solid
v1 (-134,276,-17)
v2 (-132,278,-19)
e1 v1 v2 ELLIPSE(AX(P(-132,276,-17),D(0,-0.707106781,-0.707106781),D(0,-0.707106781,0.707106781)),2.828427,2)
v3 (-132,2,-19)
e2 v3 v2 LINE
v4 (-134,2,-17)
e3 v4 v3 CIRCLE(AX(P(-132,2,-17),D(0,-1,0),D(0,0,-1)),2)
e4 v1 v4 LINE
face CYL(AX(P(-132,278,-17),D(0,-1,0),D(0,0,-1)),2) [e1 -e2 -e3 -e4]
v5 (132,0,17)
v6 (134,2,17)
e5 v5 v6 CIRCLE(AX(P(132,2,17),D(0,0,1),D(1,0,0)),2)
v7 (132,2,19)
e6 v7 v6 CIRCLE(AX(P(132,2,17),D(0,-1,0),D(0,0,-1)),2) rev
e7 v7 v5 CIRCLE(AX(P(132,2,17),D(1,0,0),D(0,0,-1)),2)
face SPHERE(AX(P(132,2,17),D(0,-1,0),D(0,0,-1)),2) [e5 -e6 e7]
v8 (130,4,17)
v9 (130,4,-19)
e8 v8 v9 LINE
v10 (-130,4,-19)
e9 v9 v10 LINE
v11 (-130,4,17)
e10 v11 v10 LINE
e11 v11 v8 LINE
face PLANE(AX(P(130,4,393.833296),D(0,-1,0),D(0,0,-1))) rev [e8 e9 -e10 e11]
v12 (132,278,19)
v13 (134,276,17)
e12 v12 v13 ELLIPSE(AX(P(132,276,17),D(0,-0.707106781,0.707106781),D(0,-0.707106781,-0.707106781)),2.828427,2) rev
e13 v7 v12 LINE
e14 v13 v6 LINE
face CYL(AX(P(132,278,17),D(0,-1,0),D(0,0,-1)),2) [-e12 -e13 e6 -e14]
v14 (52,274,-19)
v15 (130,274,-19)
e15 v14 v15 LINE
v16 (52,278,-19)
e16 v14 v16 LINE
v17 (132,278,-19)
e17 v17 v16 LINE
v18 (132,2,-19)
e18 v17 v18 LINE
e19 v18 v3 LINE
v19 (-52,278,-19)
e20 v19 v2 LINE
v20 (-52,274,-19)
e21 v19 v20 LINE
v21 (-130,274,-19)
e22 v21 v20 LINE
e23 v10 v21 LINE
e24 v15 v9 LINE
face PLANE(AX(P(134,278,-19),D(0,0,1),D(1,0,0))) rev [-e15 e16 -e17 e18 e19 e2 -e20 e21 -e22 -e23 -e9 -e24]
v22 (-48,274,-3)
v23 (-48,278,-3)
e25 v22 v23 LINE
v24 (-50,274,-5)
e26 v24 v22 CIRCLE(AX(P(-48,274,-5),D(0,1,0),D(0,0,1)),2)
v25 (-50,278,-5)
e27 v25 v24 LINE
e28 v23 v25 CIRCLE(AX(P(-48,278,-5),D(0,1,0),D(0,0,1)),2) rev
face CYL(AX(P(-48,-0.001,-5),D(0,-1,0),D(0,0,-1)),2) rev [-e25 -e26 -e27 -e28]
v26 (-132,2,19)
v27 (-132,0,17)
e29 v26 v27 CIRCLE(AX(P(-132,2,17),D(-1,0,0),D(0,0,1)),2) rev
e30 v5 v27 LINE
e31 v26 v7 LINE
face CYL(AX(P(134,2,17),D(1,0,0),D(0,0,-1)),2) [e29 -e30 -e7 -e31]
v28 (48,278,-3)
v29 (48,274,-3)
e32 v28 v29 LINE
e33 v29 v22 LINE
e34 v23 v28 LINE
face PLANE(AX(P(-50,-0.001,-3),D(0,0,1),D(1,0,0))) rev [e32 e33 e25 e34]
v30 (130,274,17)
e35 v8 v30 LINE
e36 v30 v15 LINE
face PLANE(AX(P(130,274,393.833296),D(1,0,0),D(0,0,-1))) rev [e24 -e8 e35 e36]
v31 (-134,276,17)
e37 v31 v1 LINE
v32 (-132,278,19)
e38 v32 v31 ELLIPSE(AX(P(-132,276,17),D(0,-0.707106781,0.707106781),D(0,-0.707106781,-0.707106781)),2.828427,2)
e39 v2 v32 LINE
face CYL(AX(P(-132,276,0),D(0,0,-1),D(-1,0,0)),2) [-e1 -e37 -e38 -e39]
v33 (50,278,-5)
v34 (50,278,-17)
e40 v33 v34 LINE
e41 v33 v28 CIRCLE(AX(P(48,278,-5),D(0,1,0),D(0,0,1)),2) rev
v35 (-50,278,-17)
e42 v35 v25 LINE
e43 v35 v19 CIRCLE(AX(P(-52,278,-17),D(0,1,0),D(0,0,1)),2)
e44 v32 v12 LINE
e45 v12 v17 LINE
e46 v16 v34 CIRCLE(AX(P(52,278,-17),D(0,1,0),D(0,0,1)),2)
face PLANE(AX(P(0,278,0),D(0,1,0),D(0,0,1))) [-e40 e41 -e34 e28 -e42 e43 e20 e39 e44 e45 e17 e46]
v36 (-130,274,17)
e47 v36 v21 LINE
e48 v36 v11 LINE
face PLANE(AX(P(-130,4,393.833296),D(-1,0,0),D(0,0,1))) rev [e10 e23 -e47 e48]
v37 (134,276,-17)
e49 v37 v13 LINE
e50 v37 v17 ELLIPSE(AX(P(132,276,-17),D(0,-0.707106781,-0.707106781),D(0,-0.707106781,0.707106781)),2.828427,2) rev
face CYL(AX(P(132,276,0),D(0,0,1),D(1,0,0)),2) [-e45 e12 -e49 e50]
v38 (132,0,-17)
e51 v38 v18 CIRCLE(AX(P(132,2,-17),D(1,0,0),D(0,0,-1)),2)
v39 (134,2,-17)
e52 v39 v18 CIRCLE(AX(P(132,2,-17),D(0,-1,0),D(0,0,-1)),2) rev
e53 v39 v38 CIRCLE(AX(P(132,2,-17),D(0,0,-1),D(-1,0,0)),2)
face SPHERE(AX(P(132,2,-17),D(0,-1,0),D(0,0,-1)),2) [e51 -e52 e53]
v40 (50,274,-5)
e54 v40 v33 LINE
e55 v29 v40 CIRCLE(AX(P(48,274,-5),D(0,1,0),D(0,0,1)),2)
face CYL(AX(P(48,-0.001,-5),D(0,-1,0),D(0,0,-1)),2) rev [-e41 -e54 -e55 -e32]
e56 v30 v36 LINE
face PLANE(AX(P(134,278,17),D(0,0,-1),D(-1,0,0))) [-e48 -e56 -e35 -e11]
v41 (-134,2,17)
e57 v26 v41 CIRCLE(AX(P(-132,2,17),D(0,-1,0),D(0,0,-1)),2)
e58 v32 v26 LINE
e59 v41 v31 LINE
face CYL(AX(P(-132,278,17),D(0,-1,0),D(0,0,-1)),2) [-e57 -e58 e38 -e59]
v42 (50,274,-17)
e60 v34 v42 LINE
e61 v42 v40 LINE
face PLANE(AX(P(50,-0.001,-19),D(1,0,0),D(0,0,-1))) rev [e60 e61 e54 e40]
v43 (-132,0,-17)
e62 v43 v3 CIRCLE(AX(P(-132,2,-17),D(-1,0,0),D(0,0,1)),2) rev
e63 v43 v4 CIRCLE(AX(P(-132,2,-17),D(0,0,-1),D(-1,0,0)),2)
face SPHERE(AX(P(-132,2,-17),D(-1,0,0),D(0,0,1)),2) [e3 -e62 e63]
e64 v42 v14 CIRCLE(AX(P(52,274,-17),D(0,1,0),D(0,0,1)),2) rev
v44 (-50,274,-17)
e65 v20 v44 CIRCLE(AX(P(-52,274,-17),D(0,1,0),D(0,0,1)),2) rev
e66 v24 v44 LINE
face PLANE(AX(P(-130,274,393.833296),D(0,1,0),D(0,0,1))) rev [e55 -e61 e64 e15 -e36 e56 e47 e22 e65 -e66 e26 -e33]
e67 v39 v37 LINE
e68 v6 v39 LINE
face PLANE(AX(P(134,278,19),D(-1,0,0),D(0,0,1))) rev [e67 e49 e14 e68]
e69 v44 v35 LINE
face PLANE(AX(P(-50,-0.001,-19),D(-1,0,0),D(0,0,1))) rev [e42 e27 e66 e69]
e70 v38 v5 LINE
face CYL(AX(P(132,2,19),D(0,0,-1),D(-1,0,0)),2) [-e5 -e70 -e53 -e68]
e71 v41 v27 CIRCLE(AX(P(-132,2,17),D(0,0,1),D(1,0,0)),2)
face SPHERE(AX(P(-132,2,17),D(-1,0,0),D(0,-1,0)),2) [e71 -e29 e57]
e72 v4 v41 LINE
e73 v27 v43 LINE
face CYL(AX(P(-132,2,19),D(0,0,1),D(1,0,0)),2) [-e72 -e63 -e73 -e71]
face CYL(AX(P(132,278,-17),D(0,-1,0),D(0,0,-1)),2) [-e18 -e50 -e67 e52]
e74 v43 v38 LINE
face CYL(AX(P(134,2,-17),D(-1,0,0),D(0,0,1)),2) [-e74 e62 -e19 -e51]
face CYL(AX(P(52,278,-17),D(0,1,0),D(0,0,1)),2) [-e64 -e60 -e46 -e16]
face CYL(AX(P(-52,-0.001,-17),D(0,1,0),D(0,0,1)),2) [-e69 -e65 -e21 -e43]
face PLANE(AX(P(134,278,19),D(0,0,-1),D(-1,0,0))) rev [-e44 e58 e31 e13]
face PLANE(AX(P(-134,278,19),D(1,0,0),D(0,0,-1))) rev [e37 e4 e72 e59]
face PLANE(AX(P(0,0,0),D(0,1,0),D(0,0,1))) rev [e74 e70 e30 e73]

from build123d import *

# Parameters (mm, degrees)
SKETCH_1_W          = 268
SKETCH_1_H          = 38
EXTRUDE_1_DEPTH     = 278
SKETCH_2_W          = 260
SKETCH_2_H          = 270
CUT_EXTRUDE_1_DEPTH = 36
CUT_EXTRUDE_2_REACH = 311.194
SKETCH_3_W          = 100
SKETCH_3_H          = 16
FILLET_1_R          = 2


with BuildPart() as part:
    # 草图1 → 凸台-拉伸1 (new body)
    with BuildSketch(Plane(origin=(0, 0, 0), x_dir=(1, 0, 0), z_dir=(0, 1, 0))):
        Rectangle(SKETCH_1_W, SKETCH_1_H)
    extrude(amount=EXTRUDE_1_DEPTH)

    # 草图2 → 切除-拉伸1 (cut)
    with BuildSketch(Plane(origin=(0, 0, -19), x_dir=(-1, 0, 0), z_dir=(0, 0, -1))):
        with Locations((0, 139)):
            Rectangle(SKETCH_2_W, SKETCH_2_H)
    extrude(amount=-CUT_EXTRUDE_1_DEPTH, mode=Mode.SUBTRACT)

    # 草图3 → 切除-拉伸2 (cut, up to next)
    with BuildSketch(Plane(origin=(0, 278, 0), x_dir=(1, 0, 0), z_dir=(0, 1, 0)), mode=Mode.PRIVATE) as cut_extrude_2_sk1:
        with Locations((0, 11)):
            Rectangle(SKETCH_3_W, SKETCH_3_H)
    cut_extrude_2_tool1 = extrude(cut_extrude_2_sk1.sketch, amount=-CUT_EXTRUDE_2_REACH, mode=Mode.PRIVATE) & part.part
    add(cut_extrude_2_tool1.solids().sort_by_distance((0, 278, -11))[0], mode=Mode.SUBTRACT)

    # 圆角1
    fillet_1_edges = [part.edges().sort_by_distance(p)[0] for p in [
        (134, 278, 0),
        (-50, 276, -3),
        (-50, 276, -19),
        (50, 276, -19),
        (50, 276, -3),
        (-134, 278, 0),
        (0, 0, -19),
        (134, 0, 0),
        (0, 0, 19),
        (-134, 0, 0),
        (-134, 139, -19),
        (134, 139, -19),
        (134, 139, 19),
        (-134, 139, 19),
    ]]
    fillet(fillet_1_edges, radius=FILLET_1_R)


solid = part.part
